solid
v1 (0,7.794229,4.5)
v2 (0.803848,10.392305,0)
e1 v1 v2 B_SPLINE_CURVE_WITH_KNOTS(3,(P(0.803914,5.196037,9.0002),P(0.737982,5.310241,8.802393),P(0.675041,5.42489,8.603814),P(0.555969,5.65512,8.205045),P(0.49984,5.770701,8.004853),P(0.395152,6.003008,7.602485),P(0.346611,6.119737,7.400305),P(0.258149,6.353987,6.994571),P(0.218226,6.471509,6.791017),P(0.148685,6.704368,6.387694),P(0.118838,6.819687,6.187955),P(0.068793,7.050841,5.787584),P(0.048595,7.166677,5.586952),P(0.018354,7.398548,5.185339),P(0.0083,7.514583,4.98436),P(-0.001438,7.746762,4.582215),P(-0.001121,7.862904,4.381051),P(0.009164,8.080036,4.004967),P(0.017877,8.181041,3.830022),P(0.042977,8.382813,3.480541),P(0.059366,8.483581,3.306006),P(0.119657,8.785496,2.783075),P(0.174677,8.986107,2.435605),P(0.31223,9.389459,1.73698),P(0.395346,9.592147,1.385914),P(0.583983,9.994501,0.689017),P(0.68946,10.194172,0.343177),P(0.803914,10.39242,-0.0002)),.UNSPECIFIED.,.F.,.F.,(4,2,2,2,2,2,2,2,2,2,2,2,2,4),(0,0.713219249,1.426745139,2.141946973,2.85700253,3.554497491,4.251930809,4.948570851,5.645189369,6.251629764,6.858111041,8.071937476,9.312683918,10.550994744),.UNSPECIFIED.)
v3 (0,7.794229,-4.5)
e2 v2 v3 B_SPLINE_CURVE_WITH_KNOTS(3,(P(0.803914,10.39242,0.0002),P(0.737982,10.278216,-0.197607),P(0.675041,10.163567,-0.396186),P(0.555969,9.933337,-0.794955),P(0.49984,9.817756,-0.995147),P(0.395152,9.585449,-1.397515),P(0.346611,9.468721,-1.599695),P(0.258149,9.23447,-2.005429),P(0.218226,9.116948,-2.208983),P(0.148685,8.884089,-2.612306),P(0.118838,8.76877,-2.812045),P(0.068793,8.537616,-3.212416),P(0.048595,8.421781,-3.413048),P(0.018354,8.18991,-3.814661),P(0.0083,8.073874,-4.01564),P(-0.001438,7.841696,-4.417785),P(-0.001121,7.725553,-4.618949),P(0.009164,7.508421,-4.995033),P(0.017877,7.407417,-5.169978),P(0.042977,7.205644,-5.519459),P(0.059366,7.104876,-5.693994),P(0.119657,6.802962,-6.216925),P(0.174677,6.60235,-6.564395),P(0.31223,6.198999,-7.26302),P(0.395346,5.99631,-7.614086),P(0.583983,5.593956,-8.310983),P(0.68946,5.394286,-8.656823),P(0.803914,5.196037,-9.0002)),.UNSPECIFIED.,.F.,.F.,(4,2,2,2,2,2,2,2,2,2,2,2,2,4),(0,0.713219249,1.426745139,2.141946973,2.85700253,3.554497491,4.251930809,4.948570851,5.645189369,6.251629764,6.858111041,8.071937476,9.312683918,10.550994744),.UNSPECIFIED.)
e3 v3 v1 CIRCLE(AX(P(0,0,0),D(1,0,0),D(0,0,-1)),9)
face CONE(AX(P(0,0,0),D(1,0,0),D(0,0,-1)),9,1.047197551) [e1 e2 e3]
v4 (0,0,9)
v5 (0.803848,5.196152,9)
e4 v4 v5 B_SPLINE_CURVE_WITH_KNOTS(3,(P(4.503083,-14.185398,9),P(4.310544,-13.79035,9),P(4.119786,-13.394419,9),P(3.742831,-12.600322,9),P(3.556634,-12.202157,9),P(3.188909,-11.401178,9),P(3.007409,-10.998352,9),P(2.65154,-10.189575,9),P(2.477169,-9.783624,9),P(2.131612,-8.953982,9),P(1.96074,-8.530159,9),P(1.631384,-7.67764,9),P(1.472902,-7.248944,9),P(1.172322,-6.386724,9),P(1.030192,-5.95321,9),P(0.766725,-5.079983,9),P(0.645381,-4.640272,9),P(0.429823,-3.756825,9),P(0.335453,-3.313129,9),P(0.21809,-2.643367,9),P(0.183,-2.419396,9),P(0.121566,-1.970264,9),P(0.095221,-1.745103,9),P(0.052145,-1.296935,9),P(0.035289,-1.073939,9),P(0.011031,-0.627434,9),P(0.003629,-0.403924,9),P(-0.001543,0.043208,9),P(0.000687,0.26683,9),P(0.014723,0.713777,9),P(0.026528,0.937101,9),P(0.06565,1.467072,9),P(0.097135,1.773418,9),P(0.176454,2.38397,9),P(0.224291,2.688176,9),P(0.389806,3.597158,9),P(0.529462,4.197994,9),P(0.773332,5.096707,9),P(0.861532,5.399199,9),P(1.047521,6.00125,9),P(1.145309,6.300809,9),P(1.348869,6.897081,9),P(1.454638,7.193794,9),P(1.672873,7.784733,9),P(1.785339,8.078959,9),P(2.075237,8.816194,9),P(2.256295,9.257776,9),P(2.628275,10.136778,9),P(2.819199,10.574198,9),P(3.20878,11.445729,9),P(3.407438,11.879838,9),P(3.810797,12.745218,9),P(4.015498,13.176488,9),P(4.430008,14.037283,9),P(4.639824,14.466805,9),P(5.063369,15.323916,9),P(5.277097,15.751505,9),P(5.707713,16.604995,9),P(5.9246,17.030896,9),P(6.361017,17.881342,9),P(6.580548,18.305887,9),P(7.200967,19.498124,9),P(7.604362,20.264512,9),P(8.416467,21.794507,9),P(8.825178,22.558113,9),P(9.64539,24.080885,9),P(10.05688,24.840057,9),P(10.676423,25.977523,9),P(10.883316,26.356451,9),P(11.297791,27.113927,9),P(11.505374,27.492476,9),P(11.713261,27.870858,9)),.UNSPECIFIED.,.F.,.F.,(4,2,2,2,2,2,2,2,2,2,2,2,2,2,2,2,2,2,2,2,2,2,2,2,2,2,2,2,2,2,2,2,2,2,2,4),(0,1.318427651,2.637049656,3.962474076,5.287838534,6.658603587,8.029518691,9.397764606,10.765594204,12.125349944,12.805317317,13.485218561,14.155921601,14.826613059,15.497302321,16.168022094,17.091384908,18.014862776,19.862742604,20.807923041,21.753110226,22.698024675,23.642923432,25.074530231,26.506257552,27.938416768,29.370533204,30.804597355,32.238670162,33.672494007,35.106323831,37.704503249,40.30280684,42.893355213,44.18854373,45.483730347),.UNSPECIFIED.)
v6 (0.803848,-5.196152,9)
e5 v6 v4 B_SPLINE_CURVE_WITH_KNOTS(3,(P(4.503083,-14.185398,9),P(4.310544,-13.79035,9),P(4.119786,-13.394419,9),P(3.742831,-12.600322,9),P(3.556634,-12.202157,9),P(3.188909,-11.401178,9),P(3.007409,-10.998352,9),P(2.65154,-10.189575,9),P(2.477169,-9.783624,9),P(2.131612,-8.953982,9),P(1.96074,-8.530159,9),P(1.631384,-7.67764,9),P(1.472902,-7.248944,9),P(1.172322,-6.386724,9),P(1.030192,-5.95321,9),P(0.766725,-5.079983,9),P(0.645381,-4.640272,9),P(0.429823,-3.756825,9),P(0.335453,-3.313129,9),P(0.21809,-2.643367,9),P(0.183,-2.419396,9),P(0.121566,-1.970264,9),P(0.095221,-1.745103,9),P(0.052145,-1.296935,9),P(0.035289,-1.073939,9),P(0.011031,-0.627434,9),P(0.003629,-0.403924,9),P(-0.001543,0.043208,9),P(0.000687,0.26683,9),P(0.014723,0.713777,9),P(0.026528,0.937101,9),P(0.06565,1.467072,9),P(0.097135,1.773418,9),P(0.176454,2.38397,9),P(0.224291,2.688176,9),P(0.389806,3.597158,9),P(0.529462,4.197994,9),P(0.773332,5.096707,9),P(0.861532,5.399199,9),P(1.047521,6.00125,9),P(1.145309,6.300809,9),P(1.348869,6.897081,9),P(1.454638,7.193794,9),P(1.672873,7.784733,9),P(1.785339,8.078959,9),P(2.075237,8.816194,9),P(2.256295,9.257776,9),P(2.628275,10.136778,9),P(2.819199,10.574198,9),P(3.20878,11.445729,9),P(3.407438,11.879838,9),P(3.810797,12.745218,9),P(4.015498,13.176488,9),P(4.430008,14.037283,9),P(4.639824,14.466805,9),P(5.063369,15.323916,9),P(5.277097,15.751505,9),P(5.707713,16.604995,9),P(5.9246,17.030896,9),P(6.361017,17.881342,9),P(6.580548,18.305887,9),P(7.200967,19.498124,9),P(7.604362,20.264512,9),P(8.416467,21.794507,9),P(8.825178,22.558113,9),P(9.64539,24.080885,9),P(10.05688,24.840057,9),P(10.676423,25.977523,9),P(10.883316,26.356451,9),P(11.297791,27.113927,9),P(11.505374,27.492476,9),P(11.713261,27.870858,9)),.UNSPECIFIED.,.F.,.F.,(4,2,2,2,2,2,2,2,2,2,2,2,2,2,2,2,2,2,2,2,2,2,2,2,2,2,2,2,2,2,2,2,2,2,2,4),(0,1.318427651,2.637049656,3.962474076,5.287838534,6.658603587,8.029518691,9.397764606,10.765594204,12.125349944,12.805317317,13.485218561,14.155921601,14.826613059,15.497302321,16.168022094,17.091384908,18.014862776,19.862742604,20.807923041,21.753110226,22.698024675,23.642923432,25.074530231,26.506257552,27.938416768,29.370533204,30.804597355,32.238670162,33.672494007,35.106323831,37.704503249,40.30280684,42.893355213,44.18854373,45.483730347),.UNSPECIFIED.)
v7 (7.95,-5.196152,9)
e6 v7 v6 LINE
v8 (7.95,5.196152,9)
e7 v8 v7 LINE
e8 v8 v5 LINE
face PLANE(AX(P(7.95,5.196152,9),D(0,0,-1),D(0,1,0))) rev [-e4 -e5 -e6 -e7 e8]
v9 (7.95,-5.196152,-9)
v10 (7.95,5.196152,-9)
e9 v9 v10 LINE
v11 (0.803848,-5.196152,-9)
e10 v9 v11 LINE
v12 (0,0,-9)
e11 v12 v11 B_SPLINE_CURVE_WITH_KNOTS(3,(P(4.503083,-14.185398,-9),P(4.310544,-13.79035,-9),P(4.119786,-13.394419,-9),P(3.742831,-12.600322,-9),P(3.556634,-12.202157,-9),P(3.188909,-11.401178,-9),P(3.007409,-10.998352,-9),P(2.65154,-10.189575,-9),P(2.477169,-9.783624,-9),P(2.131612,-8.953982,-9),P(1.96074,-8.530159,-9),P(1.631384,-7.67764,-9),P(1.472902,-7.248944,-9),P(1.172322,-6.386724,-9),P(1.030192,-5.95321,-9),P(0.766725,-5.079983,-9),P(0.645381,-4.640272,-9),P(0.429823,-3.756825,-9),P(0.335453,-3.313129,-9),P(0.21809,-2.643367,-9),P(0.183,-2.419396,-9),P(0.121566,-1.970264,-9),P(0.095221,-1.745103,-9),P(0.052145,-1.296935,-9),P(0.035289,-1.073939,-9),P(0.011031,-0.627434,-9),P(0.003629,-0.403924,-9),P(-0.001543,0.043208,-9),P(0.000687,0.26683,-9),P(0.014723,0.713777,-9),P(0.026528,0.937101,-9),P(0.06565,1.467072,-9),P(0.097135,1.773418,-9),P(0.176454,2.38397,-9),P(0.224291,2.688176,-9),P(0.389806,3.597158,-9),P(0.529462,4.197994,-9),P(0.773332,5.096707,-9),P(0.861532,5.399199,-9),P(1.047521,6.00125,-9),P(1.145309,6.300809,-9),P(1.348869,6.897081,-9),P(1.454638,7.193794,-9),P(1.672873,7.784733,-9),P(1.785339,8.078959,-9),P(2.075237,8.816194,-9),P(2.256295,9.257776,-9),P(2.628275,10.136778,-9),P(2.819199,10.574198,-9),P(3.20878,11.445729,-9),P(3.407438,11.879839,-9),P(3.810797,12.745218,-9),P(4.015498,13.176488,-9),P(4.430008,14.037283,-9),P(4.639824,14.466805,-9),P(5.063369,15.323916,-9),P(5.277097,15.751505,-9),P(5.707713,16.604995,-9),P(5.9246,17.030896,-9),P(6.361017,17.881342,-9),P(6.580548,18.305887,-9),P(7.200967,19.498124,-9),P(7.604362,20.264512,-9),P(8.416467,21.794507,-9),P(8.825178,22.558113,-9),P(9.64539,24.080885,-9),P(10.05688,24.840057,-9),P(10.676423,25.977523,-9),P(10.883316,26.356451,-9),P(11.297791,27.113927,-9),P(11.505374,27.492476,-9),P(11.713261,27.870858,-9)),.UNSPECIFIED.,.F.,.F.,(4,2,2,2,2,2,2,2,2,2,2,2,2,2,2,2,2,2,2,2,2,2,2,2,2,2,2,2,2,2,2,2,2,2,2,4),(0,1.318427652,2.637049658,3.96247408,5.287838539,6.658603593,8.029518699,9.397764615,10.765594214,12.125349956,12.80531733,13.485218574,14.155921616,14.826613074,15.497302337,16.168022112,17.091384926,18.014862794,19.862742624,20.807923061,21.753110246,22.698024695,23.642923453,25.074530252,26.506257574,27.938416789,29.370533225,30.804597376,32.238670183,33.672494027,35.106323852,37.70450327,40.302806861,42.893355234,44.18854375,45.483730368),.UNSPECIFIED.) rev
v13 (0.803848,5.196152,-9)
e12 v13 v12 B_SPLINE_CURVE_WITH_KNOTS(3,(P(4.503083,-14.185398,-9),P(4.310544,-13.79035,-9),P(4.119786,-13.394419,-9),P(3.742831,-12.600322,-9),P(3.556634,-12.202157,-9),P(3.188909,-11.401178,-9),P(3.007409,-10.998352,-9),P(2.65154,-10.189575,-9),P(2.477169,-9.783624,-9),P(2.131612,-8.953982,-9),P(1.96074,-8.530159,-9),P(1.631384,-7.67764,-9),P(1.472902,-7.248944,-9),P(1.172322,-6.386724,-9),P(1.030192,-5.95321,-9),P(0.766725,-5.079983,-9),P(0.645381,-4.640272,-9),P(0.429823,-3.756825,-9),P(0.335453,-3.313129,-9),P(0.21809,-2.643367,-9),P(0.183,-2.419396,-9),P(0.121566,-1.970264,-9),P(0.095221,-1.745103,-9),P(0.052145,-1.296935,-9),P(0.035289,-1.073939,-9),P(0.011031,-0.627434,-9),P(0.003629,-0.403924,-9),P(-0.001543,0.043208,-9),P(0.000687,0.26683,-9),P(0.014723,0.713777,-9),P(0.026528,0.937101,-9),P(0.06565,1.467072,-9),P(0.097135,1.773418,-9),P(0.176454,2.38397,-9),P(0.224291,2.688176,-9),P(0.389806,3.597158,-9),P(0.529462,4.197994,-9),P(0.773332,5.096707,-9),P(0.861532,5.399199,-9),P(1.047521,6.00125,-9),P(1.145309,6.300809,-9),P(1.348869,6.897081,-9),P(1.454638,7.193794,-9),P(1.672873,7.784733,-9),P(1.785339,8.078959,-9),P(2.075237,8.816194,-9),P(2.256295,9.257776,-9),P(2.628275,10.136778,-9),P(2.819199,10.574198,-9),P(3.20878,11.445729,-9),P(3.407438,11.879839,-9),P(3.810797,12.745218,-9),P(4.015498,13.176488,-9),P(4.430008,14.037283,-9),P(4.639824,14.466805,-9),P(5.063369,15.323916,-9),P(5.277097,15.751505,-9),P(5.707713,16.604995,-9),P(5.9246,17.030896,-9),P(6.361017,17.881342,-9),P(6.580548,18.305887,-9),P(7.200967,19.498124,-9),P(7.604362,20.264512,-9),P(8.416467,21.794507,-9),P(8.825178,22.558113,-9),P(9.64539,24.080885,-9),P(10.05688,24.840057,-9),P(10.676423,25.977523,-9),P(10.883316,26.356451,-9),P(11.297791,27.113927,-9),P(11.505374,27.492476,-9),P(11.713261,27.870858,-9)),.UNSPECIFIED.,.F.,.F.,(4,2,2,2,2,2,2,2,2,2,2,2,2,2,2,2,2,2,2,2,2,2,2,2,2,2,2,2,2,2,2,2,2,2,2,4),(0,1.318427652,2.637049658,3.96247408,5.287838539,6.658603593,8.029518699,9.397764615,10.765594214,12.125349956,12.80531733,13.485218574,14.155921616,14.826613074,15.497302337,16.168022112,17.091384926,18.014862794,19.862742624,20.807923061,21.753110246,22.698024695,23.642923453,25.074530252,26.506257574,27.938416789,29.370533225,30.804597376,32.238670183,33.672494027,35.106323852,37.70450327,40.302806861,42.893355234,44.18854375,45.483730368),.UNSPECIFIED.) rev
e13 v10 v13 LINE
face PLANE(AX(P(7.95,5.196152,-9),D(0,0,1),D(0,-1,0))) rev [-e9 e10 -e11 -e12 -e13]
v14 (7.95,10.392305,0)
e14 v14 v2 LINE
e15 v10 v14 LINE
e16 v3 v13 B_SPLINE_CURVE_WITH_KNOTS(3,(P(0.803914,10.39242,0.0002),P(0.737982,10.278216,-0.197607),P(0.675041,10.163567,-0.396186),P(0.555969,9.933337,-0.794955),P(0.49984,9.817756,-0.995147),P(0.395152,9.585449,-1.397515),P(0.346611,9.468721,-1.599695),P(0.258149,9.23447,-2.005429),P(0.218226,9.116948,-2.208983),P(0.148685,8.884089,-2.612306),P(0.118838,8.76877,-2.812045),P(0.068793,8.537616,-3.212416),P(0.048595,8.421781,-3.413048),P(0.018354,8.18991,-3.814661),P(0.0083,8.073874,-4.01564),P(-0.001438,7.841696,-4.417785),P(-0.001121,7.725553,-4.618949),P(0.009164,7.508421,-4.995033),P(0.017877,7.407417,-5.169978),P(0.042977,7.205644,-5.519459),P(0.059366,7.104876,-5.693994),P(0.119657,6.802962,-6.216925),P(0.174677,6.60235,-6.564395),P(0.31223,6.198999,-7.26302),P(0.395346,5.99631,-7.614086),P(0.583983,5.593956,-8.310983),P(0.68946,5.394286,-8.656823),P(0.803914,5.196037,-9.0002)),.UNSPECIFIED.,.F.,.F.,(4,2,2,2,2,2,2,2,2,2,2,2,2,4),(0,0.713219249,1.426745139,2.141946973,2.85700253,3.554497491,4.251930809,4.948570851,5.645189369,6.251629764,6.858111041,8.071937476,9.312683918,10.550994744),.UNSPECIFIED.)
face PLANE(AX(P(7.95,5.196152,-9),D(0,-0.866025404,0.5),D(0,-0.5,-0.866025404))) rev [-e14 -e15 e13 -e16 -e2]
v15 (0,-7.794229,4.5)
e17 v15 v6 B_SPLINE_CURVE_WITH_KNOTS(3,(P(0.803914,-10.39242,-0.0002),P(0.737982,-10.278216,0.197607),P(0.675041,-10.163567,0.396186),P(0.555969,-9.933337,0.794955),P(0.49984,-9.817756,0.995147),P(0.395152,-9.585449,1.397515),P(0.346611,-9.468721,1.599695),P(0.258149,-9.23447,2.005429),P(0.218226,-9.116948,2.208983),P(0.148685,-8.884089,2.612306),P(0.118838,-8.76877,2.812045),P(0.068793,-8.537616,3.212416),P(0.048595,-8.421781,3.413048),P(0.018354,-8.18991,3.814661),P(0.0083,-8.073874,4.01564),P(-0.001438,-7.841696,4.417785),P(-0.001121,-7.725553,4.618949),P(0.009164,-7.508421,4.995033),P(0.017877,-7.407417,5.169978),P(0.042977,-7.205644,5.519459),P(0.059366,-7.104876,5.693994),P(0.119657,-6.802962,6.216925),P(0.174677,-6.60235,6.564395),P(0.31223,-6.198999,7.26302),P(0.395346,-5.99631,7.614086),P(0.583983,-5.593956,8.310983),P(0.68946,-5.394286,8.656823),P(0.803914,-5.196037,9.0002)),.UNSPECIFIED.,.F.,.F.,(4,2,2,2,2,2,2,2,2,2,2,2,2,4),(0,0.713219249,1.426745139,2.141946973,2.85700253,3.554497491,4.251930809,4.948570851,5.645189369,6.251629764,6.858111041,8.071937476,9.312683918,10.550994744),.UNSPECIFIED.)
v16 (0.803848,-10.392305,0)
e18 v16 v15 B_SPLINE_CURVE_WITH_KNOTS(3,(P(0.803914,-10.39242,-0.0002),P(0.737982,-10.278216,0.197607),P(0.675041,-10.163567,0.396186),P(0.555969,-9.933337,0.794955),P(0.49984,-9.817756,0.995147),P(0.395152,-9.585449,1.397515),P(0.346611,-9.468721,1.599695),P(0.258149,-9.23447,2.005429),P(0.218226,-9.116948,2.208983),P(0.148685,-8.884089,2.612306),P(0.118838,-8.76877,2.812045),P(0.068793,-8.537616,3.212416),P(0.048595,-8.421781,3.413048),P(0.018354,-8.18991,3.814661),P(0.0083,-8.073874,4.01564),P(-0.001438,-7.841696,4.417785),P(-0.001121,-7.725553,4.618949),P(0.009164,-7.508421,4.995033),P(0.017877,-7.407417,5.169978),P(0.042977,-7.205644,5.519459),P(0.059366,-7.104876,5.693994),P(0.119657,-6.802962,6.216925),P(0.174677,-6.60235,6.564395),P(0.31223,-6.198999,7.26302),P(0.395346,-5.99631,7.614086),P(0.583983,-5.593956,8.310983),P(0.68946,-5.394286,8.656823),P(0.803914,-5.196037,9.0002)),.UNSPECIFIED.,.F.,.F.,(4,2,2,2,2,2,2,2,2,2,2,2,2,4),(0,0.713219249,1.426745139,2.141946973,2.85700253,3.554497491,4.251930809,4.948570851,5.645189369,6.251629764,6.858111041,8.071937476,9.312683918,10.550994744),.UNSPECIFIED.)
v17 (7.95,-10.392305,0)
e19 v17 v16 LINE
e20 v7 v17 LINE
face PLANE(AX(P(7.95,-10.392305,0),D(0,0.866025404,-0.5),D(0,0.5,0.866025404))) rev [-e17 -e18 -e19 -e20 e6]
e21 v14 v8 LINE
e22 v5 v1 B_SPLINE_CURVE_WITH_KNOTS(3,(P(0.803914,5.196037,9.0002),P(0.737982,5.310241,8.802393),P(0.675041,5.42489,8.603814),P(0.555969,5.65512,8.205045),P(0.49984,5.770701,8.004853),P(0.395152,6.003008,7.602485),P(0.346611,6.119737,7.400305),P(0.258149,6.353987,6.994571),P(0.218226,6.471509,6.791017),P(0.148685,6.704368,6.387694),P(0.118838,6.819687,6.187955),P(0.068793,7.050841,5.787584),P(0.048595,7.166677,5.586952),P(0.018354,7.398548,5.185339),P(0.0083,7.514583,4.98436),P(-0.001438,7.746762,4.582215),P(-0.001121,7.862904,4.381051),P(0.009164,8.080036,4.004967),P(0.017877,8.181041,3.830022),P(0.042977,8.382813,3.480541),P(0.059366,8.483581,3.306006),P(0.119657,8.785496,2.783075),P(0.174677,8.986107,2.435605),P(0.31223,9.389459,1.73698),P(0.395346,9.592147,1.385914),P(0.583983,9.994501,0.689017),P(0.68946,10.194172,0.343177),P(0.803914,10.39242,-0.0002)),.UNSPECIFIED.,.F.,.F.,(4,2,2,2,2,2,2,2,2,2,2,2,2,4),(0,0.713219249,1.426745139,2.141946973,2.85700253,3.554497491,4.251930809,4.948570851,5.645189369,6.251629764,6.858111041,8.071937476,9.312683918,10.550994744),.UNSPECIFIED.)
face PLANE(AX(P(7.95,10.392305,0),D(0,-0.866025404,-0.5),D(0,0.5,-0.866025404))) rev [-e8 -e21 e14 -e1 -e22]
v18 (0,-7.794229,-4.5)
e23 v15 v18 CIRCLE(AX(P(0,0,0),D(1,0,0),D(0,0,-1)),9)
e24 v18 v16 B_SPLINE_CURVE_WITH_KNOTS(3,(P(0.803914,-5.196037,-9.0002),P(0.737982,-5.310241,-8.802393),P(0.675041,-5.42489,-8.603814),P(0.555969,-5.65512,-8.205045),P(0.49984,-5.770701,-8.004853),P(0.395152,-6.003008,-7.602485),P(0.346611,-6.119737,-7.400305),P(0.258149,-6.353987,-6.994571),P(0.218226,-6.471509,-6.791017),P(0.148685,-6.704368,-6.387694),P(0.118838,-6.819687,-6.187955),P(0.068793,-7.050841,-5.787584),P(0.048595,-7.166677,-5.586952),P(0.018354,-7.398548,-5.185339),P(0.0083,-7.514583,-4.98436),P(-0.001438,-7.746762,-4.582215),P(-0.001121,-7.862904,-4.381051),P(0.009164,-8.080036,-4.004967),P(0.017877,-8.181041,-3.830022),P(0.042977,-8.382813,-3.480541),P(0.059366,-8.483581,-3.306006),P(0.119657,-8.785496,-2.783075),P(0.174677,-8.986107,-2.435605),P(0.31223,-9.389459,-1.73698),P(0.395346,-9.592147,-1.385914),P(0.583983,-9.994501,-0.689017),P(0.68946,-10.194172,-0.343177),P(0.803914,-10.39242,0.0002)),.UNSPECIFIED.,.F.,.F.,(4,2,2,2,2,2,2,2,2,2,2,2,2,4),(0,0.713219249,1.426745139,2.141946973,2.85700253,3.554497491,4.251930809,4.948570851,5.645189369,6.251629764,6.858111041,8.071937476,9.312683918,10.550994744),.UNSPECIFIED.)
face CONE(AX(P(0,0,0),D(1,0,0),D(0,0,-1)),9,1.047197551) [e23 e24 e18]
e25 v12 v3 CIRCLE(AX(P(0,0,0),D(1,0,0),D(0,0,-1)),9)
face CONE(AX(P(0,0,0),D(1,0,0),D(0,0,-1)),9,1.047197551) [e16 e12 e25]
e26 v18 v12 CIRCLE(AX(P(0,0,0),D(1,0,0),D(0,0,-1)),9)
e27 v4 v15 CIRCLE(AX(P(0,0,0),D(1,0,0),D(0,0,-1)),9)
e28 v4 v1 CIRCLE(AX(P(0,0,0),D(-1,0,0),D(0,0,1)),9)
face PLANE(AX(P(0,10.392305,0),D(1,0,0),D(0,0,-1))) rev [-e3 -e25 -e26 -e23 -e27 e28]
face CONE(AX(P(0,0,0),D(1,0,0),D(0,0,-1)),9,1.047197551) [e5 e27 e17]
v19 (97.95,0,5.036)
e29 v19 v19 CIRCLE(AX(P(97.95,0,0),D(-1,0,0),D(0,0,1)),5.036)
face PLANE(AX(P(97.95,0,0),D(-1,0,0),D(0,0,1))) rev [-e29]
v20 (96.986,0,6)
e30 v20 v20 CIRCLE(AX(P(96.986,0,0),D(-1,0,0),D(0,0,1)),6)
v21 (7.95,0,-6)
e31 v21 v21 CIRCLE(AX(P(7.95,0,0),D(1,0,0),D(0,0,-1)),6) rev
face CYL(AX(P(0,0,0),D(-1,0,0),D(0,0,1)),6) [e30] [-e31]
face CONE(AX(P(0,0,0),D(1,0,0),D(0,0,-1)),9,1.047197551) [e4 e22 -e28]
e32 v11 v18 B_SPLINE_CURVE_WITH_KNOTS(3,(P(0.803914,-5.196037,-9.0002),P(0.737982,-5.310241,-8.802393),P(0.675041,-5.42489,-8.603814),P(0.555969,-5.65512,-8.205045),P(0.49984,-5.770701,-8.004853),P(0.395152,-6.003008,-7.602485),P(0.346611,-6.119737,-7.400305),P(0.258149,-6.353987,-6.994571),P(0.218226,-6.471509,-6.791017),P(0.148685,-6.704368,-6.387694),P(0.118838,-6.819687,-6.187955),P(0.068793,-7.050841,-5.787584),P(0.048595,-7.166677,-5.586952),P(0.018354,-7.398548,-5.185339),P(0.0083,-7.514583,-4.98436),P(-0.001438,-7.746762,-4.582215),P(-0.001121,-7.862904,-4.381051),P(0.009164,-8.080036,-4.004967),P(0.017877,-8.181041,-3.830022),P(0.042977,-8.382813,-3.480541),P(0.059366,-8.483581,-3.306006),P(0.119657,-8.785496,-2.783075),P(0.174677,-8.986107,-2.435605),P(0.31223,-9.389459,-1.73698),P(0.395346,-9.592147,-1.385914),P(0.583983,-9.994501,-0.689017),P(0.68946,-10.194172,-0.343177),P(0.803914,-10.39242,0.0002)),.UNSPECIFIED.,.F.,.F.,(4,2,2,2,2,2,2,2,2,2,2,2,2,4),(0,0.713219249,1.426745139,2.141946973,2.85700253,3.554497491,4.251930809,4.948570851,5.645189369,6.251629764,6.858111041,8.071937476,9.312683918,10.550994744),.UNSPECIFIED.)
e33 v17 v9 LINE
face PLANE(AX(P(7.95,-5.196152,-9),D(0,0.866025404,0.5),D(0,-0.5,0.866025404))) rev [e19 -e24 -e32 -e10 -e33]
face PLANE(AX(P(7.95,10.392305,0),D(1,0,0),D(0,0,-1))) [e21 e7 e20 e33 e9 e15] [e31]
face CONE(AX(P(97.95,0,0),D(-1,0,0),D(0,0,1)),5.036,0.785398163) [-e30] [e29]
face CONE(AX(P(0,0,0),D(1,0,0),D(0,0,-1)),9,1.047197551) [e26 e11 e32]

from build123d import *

# Parameters (mm, degrees)
BASEHEAD_DEPTH = 7.95


with BuildPart() as part:
    # Sketch1 → BaseHead (new body)
    with BuildSketch(Plane(origin=(0, 0, 0), x_dir=(0, 0, -1), z_dir=(1, 0, 0))):
        Polygon((9, 5.196152423), (9, -5.196152423), (0, -10.392304845), (-9, -5.196152423), (-9, 5.196152423), (0, 10.392304845), align=None)
    extrude(amount=BASEHEAD_DEPTH)

    # BodySke → BaseBody (revolve)
    with BuildSketch(Plane.XY):
        Polygon((0, 0), (97.95, 0), (97.95, 5.036), (96.986, 6), (0, 6), align=None)
    revolve(axis=Axis((0, 0, 0), (1, 0, 0)))

    # Sketch3 → HeadChamfer (revolve, cut)
    with BuildSketch(Plane.XY):
        Polygon((0, 9), (3.690598923, 15.392304845), (3.690598923, 20.392304845), (-10, 20.392304845), (-10, 9), align=None)
    revolve(axis=Axis((0, 0, 0), (1, 0, 0)), mode=Mode.SUBTRACT)


solid = part.part
